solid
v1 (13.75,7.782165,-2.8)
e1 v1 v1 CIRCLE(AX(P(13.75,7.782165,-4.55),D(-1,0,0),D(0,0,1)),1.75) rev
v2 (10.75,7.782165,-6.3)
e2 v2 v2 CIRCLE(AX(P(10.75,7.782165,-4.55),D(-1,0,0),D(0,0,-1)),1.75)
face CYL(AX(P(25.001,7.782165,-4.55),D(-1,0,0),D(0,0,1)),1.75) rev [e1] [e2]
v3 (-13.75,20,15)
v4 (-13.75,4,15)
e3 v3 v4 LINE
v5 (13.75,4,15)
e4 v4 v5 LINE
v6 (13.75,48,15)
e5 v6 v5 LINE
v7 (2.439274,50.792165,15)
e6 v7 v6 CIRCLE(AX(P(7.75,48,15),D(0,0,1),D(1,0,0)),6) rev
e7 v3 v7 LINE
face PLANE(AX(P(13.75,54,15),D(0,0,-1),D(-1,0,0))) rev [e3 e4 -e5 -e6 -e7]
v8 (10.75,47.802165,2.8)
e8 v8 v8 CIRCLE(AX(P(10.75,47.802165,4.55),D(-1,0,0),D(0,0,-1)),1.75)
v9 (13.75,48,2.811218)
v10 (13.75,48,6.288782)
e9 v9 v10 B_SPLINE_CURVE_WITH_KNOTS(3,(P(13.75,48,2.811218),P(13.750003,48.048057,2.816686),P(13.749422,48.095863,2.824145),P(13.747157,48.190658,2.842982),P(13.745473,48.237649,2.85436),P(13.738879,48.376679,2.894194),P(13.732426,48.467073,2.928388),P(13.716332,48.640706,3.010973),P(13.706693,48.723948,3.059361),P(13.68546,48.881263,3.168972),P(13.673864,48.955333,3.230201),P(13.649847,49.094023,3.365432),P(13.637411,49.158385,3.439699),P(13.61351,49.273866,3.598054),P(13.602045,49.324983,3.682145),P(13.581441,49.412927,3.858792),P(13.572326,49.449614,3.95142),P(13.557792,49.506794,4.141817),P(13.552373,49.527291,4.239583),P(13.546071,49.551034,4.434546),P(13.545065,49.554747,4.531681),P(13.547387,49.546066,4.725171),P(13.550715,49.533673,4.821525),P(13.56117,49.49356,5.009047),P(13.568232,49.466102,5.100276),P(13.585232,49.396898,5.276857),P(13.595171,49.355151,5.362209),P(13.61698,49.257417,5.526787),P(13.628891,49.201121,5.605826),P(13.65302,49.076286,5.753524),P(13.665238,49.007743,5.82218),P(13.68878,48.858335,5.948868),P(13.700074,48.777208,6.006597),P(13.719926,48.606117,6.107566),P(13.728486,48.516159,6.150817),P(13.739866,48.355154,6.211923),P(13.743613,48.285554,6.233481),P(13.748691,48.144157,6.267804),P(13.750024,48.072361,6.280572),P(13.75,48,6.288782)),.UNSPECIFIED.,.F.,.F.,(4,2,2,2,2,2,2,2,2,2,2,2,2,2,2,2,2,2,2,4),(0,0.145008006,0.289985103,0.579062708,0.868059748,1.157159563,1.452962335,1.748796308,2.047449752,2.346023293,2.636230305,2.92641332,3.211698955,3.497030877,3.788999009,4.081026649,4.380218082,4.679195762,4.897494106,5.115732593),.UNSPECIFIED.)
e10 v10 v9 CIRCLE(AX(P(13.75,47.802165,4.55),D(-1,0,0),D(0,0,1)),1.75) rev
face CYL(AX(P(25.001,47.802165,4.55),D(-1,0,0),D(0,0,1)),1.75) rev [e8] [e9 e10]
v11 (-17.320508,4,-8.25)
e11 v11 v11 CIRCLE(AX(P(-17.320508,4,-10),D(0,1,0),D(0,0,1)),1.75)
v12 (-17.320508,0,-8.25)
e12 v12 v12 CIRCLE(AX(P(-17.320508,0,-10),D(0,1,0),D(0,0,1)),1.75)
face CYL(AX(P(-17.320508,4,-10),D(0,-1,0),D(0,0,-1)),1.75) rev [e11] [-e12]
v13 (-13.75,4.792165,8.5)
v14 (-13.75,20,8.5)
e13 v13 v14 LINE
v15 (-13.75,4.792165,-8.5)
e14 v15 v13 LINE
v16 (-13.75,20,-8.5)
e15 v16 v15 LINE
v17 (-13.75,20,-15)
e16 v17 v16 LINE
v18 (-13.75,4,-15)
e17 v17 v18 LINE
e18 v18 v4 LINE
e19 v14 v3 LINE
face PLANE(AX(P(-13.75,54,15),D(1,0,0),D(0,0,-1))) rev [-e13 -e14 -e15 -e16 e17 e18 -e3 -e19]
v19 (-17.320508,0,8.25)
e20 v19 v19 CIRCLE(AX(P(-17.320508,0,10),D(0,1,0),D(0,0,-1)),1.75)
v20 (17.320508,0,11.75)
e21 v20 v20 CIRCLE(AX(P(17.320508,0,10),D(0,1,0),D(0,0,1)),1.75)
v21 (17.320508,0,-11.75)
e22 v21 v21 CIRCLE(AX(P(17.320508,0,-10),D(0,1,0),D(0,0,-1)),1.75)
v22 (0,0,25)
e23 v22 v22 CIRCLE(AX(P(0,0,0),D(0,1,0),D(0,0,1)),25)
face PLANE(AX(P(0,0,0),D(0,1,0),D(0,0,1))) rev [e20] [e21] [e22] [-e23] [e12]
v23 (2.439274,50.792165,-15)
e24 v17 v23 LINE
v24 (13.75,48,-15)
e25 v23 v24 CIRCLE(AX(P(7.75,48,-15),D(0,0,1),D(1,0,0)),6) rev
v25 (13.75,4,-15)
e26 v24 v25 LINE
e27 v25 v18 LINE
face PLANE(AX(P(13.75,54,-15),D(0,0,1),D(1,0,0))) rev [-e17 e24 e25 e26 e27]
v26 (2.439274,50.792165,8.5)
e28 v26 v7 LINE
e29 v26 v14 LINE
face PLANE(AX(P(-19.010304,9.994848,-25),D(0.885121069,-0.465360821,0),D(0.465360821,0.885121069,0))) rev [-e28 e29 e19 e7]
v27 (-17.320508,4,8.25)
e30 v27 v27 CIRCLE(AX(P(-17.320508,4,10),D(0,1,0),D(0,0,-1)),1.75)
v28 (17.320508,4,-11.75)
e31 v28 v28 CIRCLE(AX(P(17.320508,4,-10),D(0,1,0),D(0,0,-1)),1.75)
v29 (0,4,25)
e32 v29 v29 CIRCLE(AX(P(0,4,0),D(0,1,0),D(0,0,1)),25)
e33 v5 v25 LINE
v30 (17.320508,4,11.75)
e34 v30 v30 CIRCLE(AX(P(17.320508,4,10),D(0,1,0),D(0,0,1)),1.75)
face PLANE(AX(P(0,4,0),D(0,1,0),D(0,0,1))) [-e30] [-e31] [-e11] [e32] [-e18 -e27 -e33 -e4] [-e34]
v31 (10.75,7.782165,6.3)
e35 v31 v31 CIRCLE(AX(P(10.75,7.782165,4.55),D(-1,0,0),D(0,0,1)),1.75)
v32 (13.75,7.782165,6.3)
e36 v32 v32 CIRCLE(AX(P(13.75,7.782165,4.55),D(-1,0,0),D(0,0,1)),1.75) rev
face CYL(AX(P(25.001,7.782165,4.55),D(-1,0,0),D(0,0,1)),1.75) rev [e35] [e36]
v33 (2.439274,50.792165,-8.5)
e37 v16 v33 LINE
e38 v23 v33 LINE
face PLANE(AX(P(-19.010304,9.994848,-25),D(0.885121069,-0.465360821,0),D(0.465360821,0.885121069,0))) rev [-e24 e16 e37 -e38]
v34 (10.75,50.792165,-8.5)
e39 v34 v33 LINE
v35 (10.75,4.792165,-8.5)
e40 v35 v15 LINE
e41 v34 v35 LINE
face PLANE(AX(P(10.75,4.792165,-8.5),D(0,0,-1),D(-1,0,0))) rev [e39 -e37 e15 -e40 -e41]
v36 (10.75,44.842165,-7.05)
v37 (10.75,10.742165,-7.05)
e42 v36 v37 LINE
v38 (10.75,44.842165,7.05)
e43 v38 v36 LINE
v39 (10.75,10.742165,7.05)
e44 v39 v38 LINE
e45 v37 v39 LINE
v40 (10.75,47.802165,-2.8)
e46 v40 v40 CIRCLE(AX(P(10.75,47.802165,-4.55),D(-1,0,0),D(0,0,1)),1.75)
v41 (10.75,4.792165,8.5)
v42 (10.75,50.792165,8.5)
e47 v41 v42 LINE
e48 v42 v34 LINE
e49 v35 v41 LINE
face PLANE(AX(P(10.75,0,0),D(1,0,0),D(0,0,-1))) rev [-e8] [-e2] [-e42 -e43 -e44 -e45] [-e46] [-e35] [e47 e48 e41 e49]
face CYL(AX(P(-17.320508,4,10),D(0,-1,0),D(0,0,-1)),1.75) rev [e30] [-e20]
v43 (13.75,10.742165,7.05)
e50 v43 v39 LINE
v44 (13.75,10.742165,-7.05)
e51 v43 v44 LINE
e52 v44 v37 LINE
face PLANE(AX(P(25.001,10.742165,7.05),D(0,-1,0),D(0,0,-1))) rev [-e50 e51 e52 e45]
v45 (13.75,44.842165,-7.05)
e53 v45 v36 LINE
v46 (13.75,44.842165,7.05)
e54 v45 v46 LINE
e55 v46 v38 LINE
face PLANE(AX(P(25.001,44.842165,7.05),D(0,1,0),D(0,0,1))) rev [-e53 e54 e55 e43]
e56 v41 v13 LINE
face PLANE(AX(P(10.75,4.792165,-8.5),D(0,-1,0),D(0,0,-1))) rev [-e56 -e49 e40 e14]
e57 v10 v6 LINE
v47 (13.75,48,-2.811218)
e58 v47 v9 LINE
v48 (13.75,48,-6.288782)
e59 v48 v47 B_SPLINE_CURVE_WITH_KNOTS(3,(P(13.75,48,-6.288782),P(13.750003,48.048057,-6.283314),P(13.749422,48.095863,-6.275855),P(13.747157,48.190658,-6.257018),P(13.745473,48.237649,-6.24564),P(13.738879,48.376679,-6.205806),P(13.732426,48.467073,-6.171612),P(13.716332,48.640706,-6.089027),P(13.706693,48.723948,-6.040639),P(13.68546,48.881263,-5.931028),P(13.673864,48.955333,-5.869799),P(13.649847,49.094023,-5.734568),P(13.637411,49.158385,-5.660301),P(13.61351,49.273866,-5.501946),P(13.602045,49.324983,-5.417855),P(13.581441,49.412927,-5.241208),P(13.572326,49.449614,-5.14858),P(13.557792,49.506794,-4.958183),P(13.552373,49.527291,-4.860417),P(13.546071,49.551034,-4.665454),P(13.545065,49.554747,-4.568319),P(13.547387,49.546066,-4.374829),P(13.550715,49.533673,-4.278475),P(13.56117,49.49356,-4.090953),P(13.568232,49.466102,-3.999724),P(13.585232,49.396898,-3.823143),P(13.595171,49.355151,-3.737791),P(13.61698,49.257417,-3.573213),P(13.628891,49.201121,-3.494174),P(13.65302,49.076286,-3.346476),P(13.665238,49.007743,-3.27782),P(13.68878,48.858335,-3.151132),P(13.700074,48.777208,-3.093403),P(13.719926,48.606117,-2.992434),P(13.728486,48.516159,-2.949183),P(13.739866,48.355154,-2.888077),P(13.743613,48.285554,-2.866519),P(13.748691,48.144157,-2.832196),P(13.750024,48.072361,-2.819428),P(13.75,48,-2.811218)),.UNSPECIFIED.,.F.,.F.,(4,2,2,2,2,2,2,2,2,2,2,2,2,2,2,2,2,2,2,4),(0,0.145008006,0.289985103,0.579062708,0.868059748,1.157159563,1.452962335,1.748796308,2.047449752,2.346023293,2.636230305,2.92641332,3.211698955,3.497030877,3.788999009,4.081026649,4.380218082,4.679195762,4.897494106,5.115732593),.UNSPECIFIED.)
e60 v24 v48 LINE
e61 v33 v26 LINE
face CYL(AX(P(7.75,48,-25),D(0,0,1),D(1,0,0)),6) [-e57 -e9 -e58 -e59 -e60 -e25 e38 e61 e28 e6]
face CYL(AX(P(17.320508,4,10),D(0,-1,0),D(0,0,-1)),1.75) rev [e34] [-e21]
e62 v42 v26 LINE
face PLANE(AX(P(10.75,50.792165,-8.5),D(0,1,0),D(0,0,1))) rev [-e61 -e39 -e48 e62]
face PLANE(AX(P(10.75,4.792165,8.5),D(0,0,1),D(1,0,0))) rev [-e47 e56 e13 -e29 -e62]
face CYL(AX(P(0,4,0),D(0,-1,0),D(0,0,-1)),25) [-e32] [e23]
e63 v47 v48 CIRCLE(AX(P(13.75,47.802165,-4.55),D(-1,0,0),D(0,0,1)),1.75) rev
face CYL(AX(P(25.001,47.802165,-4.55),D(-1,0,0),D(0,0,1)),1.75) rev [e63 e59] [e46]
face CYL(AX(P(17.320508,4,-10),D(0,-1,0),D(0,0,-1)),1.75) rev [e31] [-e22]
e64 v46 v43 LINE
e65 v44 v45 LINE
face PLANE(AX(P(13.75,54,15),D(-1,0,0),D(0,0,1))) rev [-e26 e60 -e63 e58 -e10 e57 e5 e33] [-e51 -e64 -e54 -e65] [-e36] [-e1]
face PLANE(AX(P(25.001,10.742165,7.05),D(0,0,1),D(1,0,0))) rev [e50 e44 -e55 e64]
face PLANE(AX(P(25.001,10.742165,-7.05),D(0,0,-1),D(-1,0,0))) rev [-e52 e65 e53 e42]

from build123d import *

# Parameters (mm, degrees)
SKETCH1_R           = 25
SKETCH1_R_2         = 1.75
BOSS_EXTRUDE1_DEPTH = 4
SKETCH2_W           = 27.5
SKETCH2_H           = 30
BOSS_EXTRUDE2_DEPTH = 50
CUT_EXTRUDE1_DEPTH  = 41
SKETCH4_W           = 17
SKETCH4_H           = 46
CUT_EXTRUDE2_DEPTH  = 24.5
CUT_EXTRUDE3_REACH  = 16.25
SKETCH5_R           = 1.75
SKETCH5_W           = 14.1
SKETCH5_H           = 34.1


with BuildPart() as part:
    # Sketch1 → Boss-Extrude1 (new body)
    with BuildSketch(Plane(origin=(0, 0, 0), x_dir=(1, 0, 0), z_dir=(0, 1, 0))):
        Circle(SKETCH1_R)
        with Locations((-17.320508076, 10)):
            Circle(SKETCH1_R_2, mode=Mode.SUBTRACT)
        with Locations((17.320508076, 10)):
            Circle(SKETCH1_R_2, mode=Mode.SUBTRACT)
        with Locations((17.320508076, -10)):
            Circle(SKETCH1_R_2, mode=Mode.SUBTRACT)
        with Locations((-17.320508076, -10)):
            Circle(SKETCH1_R_2, mode=Mode.SUBTRACT)
    extrude(amount=BOSS_EXTRUDE1_DEPTH)

    # Sketch2 → Boss-Extrude2 (add)
    with BuildSketch(Plane(origin=(0, 4, 0), x_dir=(1, 0, 0), z_dir=(0, 1, 0))):
        Rectangle(SKETCH2_W, SKETCH2_H)
    extrude(amount=BOSS_EXTRUDE2_DEPTH)

    # Sketch3 → Cut-Extrude1 (cut, through all)
    with BuildSketch(Plane.XY.offset(15)):
        with BuildLine():
            ThreePointArc((2.439273587, 50.792164924), (4.647822502, 53.135805173), (7.75, 54))
            Line((7.75, 54), (-13.75, 54))
            Line((-13.75, 54), (-13.75, 20))
            Line((-13.75, 20), (2.439273587, 50.792164924))
        make_face()
        with BuildLine():
            Line((13.75, 48), (13.75, 54))
            Line((13.75, 54), (7.75, 54))
            ThreePointArc((7.75, 54), (11.992640687, 52.242640687), (13.75, 48))
        make_face()
    extrude(amount=-CUT_EXTRUDE1_DEPTH, mode=Mode.SUBTRACT)

    # Sketch4 → Cut-Extrude2 (cut)
    with BuildSketch(Plane.ZY.offset(13.75)):
        with Locations((0, 27.792164924)):
            Rectangle(SKETCH4_W, SKETCH4_H)
    extrude(amount=-CUT_EXTRUDE2_DEPTH, mode=Mode.SUBTRACT)

    # Sketch5 → Cut-Extrude3 (cut, up to next)
    with BuildSketch(Plane.ZY.offset(-10.75), mode=Mode.PRIVATE) as cut_extrude3_sk1:
        with Locations((-4.55, 47.802164924)):
            Circle(SKETCH5_R)
    cut_extrude3_tool1 = extrude(cut_extrude3_sk1.sketch, amount=-CUT_EXTRUDE3_REACH, mode=Mode.PRIVATE) & part.part
    add(cut_extrude3_tool1.solids().sort_by_distance((10.75, 47.802165, -4.55))[0], mode=Mode.SUBTRACT)
    # Sketch5 → Cut-Extrude3 (cut, up to next)
    with BuildSketch(Plane.ZY.offset(-10.75), mode=Mode.PRIVATE) as cut_extrude3_sk2:
        with Locations((-4.55, 7.782164924)):
            Circle(SKETCH5_R)
    cut_extrude3_tool2 = extrude(cut_extrude3_sk2.sketch, amount=-CUT_EXTRUDE3_REACH, mode=Mode.PRIVATE) & part.part
    add(cut_extrude3_tool2.solids().sort_by_distance((10.75, 7.782165, -4.55))[0], mode=Mode.SUBTRACT)
    # Sketch5 → Cut-Extrude3 (cut, up to next)
    with BuildSketch(Plane.ZY.offset(-10.75), mode=Mode.PRIVATE) as cut_extrude3_sk3:
        with Locations((4.55, 7.782164924)):
            Circle(SKETCH5_R)
    cut_extrude3_tool3 = extrude(cut_extrude3_sk3.sketch, amount=-CUT_EXTRUDE3_REACH, mode=Mode.PRIVATE) & part.part
    add(cut_extrude3_tool3.solids().sort_by_distance((10.75, 7.782165, 4.55))[0], mode=Mode.SUBTRACT)
    # Sketch5 → Cut-Extrude3 (cut, up to next)
    with BuildSketch(Plane.ZY.offset(-10.75), mode=Mode.PRIVATE) as cut_extrude3_sk4:
        with Locations((4.55, 47.802164924)):
            Circle(SKETCH5_R)
    cut_extrude3_tool4 = extrude(cut_extrude3_sk4.sketch, amount=-CUT_EXTRUDE3_REACH, mode=Mode.PRIVATE) & part.part
    add(cut_extrude3_tool4.solids().sort_by_distance((10.75, 47.802165, 4.55))[0], mode=Mode.SUBTRACT)
    # Sketch5 → Cut-Extrude3 (cut, up to next)
    with BuildSketch(Plane.ZY.offset(-10.75), mode=Mode.PRIVATE) as cut_extrude3_sk5:
        with Locations((0, 27.792164924)):
            Rectangle(SKETCH5_W, SKETCH5_H)
    cut_extrude3_tool5 = extrude(cut_extrude3_sk5.sketch, amount=-CUT_EXTRUDE3_REACH, mode=Mode.PRIVATE) & part.part
    add(cut_extrude3_tool5.solids().sort_by_distance((10.75, 27.792165, 0))[0], mode=Mode.SUBTRACT)


solid = part.part
